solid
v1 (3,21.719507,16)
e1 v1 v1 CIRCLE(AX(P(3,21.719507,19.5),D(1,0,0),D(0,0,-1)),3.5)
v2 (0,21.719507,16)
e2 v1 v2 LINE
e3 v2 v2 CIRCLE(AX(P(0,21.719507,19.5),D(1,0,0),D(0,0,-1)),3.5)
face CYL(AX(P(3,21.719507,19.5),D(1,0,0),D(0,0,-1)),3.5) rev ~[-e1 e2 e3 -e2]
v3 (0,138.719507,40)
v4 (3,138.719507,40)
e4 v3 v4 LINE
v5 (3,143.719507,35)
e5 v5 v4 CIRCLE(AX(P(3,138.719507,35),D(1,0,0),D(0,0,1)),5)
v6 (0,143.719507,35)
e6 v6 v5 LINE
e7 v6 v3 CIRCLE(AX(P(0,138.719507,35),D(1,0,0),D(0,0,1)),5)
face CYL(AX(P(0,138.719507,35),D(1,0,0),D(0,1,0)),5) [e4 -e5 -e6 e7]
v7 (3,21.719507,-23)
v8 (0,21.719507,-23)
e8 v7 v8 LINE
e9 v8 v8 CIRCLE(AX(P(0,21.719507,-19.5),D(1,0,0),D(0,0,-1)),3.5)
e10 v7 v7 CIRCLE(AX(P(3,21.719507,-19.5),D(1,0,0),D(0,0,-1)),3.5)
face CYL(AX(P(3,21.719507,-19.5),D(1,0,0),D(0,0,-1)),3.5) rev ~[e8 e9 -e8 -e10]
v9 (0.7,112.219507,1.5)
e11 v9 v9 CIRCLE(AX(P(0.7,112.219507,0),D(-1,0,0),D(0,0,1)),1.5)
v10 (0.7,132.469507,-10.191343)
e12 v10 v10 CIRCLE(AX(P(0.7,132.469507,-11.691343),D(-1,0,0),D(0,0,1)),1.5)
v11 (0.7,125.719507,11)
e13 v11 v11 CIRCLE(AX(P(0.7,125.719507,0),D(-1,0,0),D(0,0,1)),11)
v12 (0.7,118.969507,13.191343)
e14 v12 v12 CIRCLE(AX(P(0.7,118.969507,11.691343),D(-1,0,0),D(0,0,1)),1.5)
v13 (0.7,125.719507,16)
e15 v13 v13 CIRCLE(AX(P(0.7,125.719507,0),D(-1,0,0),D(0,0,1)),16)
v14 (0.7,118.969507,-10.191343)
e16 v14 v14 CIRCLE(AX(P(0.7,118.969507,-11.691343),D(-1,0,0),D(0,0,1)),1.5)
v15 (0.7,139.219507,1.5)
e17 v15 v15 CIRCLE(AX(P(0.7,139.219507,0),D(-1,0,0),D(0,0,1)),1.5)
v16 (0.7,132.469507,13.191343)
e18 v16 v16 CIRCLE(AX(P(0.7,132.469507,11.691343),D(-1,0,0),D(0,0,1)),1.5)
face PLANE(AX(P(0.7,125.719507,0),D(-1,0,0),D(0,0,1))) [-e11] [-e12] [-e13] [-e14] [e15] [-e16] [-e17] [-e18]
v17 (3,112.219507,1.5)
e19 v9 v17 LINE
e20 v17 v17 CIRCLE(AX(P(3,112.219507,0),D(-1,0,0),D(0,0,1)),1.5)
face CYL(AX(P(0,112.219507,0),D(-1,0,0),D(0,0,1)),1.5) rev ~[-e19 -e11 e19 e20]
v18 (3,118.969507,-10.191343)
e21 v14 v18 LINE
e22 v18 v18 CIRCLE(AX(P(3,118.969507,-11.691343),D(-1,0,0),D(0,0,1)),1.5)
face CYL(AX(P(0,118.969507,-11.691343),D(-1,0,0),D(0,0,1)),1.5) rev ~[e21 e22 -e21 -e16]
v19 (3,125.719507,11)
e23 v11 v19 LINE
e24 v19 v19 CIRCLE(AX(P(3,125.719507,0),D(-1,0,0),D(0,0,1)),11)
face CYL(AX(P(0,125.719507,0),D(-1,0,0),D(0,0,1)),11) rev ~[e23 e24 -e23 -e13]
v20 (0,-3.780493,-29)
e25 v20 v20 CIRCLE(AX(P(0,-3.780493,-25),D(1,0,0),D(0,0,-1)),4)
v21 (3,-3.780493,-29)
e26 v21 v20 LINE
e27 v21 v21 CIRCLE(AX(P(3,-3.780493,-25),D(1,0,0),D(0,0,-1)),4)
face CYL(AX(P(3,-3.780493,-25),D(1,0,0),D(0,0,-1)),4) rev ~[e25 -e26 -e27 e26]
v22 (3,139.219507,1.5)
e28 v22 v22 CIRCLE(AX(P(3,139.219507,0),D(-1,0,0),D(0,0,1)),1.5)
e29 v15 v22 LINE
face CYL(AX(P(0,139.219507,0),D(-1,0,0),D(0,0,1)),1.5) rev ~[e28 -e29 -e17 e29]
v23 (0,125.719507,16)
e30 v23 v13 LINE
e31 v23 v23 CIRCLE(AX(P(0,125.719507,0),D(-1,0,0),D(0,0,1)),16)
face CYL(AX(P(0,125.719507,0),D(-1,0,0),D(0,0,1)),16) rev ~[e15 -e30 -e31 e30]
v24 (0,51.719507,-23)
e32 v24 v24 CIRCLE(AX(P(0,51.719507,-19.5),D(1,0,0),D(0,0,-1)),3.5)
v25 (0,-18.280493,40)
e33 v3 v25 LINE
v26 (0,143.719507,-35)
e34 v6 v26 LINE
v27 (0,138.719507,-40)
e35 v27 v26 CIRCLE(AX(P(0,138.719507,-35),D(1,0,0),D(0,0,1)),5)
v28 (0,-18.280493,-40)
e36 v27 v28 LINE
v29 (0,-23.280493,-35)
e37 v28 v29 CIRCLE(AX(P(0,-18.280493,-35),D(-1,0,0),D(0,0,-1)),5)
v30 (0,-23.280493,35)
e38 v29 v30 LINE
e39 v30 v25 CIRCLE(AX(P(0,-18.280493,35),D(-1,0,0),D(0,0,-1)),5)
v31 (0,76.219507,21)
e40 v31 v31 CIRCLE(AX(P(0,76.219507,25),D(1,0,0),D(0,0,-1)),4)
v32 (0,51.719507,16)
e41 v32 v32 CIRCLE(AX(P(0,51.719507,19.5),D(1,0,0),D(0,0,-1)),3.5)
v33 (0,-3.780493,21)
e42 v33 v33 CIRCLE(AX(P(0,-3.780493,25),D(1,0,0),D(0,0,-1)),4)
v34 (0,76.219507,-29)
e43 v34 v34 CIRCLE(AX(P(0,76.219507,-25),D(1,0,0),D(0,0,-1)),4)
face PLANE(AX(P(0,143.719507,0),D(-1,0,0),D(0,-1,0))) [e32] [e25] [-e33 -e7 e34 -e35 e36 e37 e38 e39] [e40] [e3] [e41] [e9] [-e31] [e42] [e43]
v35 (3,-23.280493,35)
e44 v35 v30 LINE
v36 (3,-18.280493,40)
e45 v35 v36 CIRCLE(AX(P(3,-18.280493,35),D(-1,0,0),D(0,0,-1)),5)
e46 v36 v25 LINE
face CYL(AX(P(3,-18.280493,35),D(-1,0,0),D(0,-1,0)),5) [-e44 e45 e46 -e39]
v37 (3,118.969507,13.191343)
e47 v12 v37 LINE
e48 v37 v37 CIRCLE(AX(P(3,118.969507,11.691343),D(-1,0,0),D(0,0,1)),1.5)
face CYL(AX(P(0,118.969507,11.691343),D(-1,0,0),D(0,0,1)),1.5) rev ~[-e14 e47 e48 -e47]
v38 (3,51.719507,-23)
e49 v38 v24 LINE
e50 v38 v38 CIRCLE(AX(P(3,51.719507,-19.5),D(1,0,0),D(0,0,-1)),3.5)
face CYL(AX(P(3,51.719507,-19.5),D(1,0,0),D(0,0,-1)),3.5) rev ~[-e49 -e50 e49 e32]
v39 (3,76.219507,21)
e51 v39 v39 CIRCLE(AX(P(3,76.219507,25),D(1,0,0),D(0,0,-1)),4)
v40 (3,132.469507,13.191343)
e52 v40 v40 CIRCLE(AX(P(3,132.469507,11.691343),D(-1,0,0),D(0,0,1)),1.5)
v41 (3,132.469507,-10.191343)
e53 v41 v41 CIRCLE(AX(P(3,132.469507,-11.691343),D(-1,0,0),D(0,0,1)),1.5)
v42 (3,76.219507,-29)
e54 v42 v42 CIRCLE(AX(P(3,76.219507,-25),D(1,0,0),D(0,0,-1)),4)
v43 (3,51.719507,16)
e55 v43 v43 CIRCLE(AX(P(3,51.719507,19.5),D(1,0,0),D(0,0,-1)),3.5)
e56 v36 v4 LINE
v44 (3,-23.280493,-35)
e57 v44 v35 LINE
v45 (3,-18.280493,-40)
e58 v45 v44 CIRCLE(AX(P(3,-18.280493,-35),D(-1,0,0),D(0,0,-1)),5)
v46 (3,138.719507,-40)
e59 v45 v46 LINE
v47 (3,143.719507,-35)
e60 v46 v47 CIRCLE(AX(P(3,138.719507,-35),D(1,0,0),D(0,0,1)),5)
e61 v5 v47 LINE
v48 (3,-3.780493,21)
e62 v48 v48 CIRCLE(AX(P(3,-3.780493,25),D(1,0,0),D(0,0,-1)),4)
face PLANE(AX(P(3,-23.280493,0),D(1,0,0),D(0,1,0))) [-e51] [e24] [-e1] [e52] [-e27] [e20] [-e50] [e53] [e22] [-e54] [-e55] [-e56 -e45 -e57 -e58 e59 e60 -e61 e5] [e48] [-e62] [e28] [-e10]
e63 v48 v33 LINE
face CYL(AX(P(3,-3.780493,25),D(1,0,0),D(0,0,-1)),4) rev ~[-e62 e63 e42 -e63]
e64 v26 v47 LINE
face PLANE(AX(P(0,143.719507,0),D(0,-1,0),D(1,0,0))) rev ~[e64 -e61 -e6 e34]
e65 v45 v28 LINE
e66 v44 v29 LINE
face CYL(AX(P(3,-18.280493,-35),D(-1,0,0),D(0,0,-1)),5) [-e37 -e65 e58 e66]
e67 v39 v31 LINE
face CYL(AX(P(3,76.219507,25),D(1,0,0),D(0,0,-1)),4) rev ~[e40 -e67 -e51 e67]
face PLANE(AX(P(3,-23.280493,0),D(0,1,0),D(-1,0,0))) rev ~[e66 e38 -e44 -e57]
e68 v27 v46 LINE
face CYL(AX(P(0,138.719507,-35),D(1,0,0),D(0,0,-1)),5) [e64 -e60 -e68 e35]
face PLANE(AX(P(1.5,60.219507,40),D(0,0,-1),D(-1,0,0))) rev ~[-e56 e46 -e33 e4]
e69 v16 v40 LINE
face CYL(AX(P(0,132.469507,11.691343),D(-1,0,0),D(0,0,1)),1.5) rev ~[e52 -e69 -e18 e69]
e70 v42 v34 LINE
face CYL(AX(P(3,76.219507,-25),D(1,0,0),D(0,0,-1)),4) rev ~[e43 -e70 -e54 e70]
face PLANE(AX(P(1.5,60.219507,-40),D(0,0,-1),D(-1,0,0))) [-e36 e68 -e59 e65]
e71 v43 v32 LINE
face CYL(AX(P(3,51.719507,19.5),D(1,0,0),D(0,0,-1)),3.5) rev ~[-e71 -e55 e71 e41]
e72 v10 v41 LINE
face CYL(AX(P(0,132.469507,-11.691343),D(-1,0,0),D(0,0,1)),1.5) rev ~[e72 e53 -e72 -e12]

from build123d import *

# Parameters (mm, degrees)
BOSS_EXTRUDE1_DEPTH = 40
SKETCH16_R          = 3.5
SKETCH16_R_2        = 4
CUT_EXTRUDE5_DEPTH  = 150.212253532
SKETCH18_R          = 1.5
SKETCH18_R_2        = 11
CUT_EXTRUDE6_DEPTH  = 150.212253532
SKETCH19_R          = 16
CUT_EXTRUDE7_DEPTH  = 0.7
FILLET1_R           = 5


with BuildPart() as part:
    # Sketch1 → Boss-Extrude1 (new, symmetric)
    with BuildSketch(Plane.XY):
        Polygon((0, -23.280493307), (0, 106.719506693), (0, 143.719506693), (3, 143.719506693), (3, 103.719506693), (3, -23.280493307), align=None)
    extrude(amount=BOSS_EXTRUDE1_DEPTH, both=True)

    # Sketch16 → Cut-Extrude5 (cut, through all)
    with BuildSketch(Plane(origin=(3, 0, 0), x_dir=(0, 0, -1), z_dir=(1, 0, 0))):
        with Locations((-19.5, 21.719506693)):
            Circle(SKETCH16_R)
        with Locations((19.5, 21.719506693)):
            Circle(SKETCH16_R)
        with Locations((19.5, 51.719506693)):
            Circle(SKETCH16_R)
        with Locations((-19.5, 51.719506693)):
            Circle(SKETCH16_R)
        with Locations((25, 76.219506693)):
            Circle(SKETCH16_R_2)
        with Locations((-25, 76.219506693)):
            Circle(SKETCH16_R_2)
        with Locations((-25, -3.780493307)):
            Circle(SKETCH16_R_2)
        with Locations((25, -3.780493307)):
            Circle(SKETCH16_R_2)
    extrude(amount=-CUT_EXTRUDE5_DEPTH, mode=Mode.SUBTRACT)

    # Sketch18 → Cut-Extrude6 (cut, through all)
    with BuildSketch(Plane.ZY):
        with Locations((0, 139.219506693)):
            Circle(SKETCH18_R)
        with Locations((0, 125.719506693)):
            Circle(SKETCH18_R_2)
        with Locations((11.691342951, 132.469506693)):
            Circle(SKETCH18_R)
        with Locations((11.691342951, 118.969506693)):
            Circle(SKETCH18_R)
        with Locations((0, 112.219506693)):
            Circle(SKETCH18_R)
        with Locations((-11.691342951, 118.969506693)):
            Circle(SKETCH18_R)
        with Locations((-11.691342951, 132.469506693)):
            Circle(SKETCH18_R)
    extrude(amount=-CUT_EXTRUDE6_DEPTH, mode=Mode.SUBTRACT)

    # Sketch19 → Cut-Extrude7 (cut)
    with BuildSketch(Plane.ZY):
        with Locations((0, 125.719506693)):
            Circle(SKETCH19_R)
    extrude(amount=-CUT_EXTRUDE7_DEPTH, mode=Mode.SUBTRACT)

    # Fillet1
    fillet1_edges = [part.edges().sort_by_distance(p)[0] for p in [
        (1.5, 143.719506693, 40),
        (1.5, -23.280493307, 40),
        (1.5, 143.719506693, -40),
        (1.5, -23.280493307, -40),
    ]]
    fillet(fillet1_edges, radius=FILLET1_R)


solid = part.part
